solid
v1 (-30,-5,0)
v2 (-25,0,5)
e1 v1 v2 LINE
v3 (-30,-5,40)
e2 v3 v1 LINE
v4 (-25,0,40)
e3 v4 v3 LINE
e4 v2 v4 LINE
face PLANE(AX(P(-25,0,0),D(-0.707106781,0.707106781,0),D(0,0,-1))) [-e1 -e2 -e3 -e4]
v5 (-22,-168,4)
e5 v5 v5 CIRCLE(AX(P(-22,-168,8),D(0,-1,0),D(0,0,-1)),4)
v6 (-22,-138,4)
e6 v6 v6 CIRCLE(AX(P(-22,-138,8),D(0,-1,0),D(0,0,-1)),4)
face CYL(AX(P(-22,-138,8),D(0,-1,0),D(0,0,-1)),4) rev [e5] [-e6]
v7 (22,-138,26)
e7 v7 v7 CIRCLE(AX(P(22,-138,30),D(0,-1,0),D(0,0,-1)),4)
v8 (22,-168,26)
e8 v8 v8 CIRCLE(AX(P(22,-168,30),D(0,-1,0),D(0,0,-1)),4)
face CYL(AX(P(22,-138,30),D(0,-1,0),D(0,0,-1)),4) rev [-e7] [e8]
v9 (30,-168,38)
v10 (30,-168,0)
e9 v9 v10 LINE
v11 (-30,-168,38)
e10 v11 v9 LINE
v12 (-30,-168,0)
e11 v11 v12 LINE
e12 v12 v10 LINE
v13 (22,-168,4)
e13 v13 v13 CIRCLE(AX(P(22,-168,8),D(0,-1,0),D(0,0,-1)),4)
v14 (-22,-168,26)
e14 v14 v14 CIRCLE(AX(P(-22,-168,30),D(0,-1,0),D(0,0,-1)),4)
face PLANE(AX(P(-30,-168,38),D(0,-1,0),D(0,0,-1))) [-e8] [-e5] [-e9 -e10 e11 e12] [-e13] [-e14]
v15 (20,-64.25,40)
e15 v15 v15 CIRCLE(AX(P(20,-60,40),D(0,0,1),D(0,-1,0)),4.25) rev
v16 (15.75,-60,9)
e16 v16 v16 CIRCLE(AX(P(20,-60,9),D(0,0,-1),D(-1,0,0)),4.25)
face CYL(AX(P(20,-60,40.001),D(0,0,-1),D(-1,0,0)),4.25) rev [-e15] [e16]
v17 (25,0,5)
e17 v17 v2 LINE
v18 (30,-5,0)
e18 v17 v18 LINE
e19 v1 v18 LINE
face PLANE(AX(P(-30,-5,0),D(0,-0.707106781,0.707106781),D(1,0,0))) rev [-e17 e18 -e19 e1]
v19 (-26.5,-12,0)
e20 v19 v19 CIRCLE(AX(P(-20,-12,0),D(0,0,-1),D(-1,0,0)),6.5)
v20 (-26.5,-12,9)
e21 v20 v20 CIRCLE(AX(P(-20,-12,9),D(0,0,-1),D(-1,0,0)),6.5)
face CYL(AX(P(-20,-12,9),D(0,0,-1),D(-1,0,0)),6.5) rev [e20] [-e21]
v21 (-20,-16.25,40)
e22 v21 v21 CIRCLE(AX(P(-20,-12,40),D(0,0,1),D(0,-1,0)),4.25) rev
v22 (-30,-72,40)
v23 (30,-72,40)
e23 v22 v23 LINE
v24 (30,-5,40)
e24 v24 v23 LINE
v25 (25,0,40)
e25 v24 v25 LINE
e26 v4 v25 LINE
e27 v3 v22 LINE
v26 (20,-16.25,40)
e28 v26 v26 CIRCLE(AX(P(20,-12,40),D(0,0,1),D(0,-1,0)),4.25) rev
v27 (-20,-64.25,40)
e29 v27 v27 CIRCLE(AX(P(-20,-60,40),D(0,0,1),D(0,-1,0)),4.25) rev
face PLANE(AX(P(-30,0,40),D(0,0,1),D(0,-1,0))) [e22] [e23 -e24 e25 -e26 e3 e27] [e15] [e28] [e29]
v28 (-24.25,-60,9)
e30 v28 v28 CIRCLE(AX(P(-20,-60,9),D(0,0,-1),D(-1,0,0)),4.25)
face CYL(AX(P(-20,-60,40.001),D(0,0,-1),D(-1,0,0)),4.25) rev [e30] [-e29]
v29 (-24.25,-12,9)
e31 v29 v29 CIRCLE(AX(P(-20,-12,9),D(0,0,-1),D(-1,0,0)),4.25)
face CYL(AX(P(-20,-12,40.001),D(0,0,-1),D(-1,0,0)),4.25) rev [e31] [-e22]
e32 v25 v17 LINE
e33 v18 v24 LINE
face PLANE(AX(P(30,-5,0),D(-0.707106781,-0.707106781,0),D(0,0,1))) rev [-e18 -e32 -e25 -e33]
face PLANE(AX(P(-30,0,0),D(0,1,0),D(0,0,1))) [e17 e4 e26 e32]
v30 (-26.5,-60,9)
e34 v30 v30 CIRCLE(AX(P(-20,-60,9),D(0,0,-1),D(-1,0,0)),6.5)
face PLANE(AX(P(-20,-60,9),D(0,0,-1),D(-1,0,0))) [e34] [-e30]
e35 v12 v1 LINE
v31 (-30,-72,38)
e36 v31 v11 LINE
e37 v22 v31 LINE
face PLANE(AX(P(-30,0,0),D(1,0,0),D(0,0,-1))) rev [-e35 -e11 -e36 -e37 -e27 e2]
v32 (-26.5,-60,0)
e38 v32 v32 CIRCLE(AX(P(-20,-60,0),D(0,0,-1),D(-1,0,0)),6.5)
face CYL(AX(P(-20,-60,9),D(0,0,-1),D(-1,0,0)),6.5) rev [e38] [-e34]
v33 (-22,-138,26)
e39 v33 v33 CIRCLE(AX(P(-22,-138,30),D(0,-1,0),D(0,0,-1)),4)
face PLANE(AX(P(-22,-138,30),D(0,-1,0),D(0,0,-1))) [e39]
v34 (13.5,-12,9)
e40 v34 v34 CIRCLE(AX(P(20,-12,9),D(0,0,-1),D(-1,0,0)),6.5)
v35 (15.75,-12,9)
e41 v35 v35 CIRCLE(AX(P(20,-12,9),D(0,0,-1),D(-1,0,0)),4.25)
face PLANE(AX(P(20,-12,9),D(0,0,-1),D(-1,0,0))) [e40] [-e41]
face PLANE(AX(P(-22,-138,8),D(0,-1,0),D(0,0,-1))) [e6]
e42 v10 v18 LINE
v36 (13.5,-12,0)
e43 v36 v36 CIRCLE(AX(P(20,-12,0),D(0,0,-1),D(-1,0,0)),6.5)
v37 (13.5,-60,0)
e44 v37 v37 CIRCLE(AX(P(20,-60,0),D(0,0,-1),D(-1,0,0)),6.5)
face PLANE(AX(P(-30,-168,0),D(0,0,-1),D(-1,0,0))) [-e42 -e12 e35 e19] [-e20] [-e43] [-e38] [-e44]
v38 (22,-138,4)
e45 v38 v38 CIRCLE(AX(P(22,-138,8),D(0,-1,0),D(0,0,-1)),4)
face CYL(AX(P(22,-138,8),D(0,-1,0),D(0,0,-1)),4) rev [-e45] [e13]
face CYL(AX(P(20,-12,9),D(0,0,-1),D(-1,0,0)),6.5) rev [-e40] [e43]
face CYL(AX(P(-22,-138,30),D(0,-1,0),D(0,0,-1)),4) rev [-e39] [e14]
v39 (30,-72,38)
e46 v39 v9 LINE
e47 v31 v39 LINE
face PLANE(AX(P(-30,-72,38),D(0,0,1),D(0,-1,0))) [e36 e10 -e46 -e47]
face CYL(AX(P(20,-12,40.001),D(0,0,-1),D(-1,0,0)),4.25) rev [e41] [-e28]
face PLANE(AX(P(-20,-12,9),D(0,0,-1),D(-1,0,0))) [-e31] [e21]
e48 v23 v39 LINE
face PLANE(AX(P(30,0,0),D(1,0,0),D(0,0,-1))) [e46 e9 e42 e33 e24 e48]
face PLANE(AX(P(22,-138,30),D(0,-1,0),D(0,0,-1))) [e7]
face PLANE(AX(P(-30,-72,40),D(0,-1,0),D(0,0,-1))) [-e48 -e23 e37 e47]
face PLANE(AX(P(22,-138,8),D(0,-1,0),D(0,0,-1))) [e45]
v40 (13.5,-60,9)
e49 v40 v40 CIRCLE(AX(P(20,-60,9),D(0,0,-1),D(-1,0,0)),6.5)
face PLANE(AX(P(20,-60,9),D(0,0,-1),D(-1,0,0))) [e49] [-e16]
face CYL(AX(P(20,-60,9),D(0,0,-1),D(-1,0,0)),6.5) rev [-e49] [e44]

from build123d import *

# Parameters (mm, degrees)
SALIENTE_EXTRUIR1_DEPTH      = 30
SALIENTE_EXTRUIR1_DEPTH_BACK = 30
CHAFL_N1_SIZE                = 5
CHAFL_N2_SIZE                = 5
CROQUIS2_R                   = 6.5
CORTAR_EXTRUIR1_DEPTH        = 9
CORTAR_EXTRUIR2_REACH        = 175.45
CROQUIS3_R                   = 4.25
CROQUIS4_R                   = 4
CORTAR_EXTRUIR3_DEPTH        = 30


with BuildPart() as part:
    # Croquis1 → Saliente-Extruir1 (new, two sides: drawn at the far end of the back side and taken through both)
    with BuildSketch(Plane(origin=(0, 0, 0), x_dir=(0, 0, -1), z_dir=(1, 0, 0)).offset(-SALIENTE_EXTRUIR1_DEPTH_BACK)):
        Polygon((0, 0), (-40, 0), (-40, -72), (-38, -72), (-38, -168), (0, -168), align=None)
    extrude(amount=SALIENTE_EXTRUIR1_DEPTH + SALIENTE_EXTRUIR1_DEPTH_BACK)

    # Chaflán1
    chafl_n1_edges = [part.edges().sort_by_distance(p)[0] for p in [
        (0, 0, 0),
    ]]
    chamfer(chafl_n1_edges, length=CHAFL_N1_SIZE)

    # Chaflán2
    chafl_n2_edges = [part.edges().sort_by_distance(p)[0] for p in [
        (30, 0, 22.5),
        (-30, 0, 22.5),
    ]]
    chamfer(chafl_n2_edges, length=CHAFL_N2_SIZE)

    # Croquis2 → Cortar-Extruir1 (cut)
    with BuildSketch(Plane(origin=(0, 0, 0), x_dir=(-1, 0, 0), z_dir=(0, 0, -1))):
        with Locations((-20, -12)):
            Circle(CROQUIS2_R)
        with Locations((20, -12)):
            Circle(CROQUIS2_R)
        with Locations((-20, -60)):
            Circle(CROQUIS2_R)
        with Locations((20, -60)):
            Circle(CROQUIS2_R)
    extrude(amount=-CORTAR_EXTRUIR1_DEPTH, mode=Mode.SUBTRACT)

    # Croquis3 → Cortar-Extruir2 (cut, up to next)
    with BuildSketch(Plane(origin=(0, 0, 9), x_dir=(-1, 0, 0), z_dir=(0, 0, -1)), mode=Mode.PRIVATE) as cortar_extruir2_sk1:
        with Locations((-20, -12)):
            Circle(CROQUIS3_R)
    cortar_extruir2_tool1 = extrude(cortar_extruir2_sk1.sketch, amount=-CORTAR_EXTRUIR2_REACH, mode=Mode.PRIVATE) & part.part
    # Croquis3 → Cortar-Extruir2 (cut, up to next)
    with BuildSketch(Plane(origin=(0, 0, 9), x_dir=(-1, 0, 0), z_dir=(0, 0, -1)), mode=Mode.PRIVATE) as cortar_extruir2_sk2:
        with Locations((20, -12)):
            Circle(CROQUIS3_R)
    cortar_extruir2_tool2 = extrude(cortar_extruir2_sk2.sketch, amount=-CORTAR_EXTRUIR2_REACH, mode=Mode.PRIVATE) & part.part
    # Croquis3 → Cortar-Extruir2 (cut, up to next)
    with BuildSketch(Plane(origin=(0, 0, 9), x_dir=(-1, 0, 0), z_dir=(0, 0, -1)), mode=Mode.PRIVATE) as cortar_extruir2_sk3:
        with Locations((20, -60)):
            Circle(CROQUIS3_R)
    cortar_extruir2_tool3 = extrude(cortar_extruir2_sk3.sketch, amount=-CORTAR_EXTRUIR2_REACH, mode=Mode.PRIVATE) & part.part
    # Croquis3 → Cortar-Extruir2 (cut, up to next)
    with BuildSketch(Plane(origin=(0, 0, 9), x_dir=(-1, 0, 0), z_dir=(0, 0, -1)), mode=Mode.PRIVATE) as cortar_extruir2_sk4:
        with Locations((-20, -60)):
            Circle(CROQUIS3_R)
    cortar_extruir2_tool4 = extrude(cortar_extruir2_sk4.sketch, amount=-CORTAR_EXTRUIR2_REACH, mode=Mode.PRIVATE) & part.part
    add(cortar_extruir2_tool1.solids().sort_by_distance((20, -12, 9))[0], mode=Mode.SUBTRACT)
    add(cortar_extruir2_tool2.solids().sort_by_distance((-20, -12, 9))[0], mode=Mode.SUBTRACT)
    add(cortar_extruir2_tool3.solids().sort_by_distance((-20, -60, 9))[0], mode=Mode.SUBTRACT)
    add(cortar_extruir2_tool4.solids().sort_by_distance((20, -60, 9))[0], mode=Mode.SUBTRACT)

    # Croquis4 → Cortar-Extruir3 (cut)
    with BuildSketch(Plane.XZ.offset(168)):
        with Locations((-22, 30)):
            Circle(CROQUIS4_R)
        with Locations((-22, 8)):
            Circle(CROQUIS4_R)
        with Locations((22, 30)):
            Circle(CROQUIS4_R)
        with Locations((22, 8)):
            Circle(CROQUIS4_R)
    extrude(amount=-CORTAR_EXTRUIR3_DEPTH, mode=Mode.SUBTRACT)


solid = part.part
